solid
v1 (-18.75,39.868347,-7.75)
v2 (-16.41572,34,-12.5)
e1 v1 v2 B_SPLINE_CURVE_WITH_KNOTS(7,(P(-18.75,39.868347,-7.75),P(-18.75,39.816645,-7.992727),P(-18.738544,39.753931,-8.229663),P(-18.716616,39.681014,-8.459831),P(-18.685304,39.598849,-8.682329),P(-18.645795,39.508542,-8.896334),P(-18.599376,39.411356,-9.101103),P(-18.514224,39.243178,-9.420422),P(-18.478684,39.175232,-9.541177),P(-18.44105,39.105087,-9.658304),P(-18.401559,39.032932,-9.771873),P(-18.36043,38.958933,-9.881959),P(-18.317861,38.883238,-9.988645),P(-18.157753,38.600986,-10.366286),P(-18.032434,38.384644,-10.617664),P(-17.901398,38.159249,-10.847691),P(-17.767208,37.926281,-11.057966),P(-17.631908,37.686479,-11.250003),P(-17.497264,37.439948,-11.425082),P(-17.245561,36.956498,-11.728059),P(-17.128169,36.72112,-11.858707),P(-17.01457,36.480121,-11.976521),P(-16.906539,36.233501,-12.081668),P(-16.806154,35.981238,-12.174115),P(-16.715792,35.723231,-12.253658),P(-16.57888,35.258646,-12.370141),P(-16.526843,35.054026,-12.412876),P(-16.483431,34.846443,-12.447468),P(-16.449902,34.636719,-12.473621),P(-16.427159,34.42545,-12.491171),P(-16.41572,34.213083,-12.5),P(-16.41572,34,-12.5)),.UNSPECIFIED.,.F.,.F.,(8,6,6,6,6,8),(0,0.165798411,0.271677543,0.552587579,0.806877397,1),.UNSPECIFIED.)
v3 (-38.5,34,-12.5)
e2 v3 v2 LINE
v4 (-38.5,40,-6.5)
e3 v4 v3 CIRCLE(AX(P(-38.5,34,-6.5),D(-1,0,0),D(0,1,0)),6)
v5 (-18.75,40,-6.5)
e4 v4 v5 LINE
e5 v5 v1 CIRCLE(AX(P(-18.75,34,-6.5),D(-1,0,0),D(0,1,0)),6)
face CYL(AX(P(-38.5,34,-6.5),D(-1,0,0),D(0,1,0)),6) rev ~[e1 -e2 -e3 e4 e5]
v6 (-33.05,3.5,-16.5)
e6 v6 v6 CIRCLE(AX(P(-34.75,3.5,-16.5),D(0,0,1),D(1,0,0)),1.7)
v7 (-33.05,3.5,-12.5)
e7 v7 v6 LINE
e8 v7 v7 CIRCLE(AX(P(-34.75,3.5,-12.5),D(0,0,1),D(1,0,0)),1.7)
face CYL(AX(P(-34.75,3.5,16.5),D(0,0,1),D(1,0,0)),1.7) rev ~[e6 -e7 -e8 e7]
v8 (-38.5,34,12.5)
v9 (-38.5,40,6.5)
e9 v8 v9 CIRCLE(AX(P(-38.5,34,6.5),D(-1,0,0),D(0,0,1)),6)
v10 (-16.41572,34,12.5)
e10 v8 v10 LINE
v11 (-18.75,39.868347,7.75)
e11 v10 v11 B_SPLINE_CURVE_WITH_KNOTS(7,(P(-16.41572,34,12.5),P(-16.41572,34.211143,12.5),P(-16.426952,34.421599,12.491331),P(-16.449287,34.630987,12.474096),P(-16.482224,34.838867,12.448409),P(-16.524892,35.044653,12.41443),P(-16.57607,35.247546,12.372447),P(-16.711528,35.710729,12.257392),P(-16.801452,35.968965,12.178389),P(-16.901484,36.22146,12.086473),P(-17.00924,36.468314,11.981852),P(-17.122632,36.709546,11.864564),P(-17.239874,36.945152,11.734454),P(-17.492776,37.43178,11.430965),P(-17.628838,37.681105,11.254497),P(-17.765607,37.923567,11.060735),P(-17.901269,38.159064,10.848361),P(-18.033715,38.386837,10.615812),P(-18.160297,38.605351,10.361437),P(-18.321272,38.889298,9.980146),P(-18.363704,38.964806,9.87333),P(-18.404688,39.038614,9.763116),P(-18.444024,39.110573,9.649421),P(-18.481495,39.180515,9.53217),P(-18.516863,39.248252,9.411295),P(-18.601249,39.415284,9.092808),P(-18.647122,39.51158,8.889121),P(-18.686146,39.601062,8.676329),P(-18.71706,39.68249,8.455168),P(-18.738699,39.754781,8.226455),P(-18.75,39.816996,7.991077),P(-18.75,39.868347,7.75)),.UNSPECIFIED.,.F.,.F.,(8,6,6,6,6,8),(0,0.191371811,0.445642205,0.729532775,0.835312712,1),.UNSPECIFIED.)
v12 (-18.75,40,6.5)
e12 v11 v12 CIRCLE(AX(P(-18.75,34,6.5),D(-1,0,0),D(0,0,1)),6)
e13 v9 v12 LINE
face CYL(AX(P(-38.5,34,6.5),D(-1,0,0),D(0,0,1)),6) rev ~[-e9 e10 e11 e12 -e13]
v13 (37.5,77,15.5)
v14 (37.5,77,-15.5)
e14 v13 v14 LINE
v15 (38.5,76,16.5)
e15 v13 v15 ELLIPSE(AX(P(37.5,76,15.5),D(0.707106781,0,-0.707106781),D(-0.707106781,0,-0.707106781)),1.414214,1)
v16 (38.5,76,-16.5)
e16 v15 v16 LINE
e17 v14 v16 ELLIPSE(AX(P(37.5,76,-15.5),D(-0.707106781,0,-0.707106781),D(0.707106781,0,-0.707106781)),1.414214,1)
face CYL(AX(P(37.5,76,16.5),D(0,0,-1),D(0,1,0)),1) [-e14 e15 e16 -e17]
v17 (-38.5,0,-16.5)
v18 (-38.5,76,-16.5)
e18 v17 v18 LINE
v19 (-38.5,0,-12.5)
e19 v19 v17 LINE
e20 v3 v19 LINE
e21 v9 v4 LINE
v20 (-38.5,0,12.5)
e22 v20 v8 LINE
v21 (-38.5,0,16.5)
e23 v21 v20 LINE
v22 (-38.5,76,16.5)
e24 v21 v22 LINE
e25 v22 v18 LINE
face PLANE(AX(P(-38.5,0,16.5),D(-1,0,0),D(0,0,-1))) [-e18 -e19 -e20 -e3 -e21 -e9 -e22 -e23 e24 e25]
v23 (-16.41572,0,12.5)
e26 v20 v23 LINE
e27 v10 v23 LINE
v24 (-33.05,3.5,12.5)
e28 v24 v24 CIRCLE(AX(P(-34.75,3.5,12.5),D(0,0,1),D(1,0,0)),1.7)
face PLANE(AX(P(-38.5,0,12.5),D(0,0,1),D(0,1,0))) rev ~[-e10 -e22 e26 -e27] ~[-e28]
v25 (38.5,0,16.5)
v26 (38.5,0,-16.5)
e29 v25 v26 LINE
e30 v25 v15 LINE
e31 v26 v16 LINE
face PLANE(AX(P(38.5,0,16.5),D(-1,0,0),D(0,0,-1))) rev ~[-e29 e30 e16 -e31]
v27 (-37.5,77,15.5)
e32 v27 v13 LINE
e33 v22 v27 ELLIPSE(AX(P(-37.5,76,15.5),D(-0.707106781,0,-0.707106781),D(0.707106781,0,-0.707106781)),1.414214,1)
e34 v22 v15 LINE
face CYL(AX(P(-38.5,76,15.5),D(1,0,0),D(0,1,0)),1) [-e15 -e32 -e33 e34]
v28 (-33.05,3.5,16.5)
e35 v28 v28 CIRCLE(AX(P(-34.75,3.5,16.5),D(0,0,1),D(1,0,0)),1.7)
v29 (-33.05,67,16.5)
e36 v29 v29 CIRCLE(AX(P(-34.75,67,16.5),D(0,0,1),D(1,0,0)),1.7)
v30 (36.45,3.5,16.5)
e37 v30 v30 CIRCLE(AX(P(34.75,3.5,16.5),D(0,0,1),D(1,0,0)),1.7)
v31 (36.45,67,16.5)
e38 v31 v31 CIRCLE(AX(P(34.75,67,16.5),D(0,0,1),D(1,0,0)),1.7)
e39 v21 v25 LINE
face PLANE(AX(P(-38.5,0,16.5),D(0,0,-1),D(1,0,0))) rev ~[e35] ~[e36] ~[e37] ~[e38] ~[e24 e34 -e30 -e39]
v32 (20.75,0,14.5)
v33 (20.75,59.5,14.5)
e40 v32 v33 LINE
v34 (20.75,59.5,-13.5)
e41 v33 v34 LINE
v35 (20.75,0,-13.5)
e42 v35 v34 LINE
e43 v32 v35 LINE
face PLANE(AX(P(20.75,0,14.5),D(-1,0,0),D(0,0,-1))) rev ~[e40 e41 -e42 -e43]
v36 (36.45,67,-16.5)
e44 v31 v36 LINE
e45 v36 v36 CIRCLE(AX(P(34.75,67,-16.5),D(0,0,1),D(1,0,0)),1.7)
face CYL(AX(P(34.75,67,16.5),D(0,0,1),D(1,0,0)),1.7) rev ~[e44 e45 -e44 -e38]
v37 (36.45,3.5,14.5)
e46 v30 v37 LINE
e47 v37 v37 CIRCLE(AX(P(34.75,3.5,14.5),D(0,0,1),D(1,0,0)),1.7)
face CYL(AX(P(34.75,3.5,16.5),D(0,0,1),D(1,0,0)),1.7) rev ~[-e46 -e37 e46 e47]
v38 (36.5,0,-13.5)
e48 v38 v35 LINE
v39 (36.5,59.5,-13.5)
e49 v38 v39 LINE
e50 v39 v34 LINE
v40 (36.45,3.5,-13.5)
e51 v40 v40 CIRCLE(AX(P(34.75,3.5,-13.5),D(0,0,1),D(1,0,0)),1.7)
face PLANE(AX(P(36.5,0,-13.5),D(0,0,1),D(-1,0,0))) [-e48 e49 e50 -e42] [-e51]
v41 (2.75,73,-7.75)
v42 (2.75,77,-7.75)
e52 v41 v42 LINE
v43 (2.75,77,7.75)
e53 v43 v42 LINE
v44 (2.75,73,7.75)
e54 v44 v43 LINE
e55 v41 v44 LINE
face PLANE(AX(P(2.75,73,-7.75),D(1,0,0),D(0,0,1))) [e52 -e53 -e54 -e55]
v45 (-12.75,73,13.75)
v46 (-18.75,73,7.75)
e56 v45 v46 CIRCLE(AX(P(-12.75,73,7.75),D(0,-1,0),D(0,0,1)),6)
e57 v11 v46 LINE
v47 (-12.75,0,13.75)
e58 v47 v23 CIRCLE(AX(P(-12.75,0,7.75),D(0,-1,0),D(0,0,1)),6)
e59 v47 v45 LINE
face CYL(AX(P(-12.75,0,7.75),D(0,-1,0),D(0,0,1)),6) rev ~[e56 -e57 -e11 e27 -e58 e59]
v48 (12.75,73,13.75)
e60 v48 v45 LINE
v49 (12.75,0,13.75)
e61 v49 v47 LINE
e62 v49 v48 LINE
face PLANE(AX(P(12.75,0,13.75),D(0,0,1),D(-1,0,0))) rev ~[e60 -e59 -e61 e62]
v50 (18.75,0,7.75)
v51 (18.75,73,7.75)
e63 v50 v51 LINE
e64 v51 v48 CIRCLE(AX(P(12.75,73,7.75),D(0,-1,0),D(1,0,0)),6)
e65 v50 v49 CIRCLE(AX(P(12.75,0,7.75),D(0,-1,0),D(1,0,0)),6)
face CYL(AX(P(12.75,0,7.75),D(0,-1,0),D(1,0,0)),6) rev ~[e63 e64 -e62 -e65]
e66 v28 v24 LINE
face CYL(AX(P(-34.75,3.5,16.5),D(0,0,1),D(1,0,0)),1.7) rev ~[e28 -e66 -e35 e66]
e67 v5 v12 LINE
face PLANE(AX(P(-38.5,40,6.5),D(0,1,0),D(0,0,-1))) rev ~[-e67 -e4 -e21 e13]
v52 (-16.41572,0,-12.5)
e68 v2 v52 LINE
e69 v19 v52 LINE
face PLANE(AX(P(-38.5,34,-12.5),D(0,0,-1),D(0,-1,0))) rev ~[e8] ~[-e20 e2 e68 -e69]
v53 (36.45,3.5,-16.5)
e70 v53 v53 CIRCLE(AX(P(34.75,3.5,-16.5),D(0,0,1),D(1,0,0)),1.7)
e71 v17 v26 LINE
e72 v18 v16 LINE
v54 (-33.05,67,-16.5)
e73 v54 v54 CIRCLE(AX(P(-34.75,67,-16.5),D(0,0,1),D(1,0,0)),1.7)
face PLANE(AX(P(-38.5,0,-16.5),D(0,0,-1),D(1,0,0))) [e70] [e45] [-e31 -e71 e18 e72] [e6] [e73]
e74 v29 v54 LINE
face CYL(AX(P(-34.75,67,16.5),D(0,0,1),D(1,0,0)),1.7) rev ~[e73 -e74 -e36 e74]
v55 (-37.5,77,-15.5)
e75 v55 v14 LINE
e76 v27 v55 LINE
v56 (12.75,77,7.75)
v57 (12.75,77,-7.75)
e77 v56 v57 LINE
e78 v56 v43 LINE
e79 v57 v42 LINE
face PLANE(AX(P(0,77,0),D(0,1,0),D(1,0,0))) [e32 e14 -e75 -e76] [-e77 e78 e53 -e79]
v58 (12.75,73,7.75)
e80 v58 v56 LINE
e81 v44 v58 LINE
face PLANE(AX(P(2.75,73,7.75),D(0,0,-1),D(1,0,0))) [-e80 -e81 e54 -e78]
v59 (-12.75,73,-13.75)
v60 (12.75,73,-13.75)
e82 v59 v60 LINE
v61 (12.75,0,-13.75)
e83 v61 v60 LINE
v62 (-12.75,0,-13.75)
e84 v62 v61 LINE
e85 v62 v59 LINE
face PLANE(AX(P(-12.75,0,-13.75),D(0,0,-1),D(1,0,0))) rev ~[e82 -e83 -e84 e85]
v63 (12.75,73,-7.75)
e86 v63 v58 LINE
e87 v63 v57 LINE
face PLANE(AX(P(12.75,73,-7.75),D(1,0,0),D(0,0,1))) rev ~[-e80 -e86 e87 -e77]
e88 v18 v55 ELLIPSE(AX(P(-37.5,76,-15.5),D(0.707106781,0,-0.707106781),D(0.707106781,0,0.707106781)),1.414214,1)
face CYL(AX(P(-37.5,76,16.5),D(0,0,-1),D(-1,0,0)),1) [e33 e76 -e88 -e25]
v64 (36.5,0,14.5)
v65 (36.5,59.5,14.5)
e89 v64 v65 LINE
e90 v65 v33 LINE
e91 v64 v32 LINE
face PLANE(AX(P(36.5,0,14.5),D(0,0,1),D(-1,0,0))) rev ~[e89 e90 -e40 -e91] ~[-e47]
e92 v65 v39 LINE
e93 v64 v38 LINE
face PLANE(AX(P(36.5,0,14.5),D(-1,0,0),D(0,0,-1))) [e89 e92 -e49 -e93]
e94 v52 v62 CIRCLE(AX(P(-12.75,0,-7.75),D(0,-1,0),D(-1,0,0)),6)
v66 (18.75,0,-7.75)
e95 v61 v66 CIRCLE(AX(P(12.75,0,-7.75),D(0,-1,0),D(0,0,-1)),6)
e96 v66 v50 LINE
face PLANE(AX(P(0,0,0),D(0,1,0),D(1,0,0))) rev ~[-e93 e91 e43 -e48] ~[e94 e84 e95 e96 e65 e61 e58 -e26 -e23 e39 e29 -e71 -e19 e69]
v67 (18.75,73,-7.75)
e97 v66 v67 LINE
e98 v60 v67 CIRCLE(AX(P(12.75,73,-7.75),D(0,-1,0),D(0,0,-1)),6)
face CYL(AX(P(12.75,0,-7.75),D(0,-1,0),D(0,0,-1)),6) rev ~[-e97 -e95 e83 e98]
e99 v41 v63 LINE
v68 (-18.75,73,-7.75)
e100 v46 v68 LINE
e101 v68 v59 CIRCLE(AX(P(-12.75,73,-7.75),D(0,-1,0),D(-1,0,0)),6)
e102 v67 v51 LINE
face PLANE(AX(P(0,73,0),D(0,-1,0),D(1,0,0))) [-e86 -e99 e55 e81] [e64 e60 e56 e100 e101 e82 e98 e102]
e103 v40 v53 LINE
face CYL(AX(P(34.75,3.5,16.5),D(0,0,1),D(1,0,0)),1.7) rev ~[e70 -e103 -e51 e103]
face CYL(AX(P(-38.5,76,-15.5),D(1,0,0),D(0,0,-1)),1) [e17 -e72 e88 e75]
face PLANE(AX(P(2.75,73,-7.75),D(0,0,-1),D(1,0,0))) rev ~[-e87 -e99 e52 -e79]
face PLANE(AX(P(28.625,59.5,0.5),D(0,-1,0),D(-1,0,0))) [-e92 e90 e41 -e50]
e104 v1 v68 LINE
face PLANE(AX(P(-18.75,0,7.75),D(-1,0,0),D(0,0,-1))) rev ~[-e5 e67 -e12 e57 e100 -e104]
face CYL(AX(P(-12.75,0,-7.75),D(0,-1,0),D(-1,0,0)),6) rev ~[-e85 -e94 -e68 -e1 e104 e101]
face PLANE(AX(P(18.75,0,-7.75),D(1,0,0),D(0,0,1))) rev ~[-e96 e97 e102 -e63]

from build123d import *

# Parameters (mm, degrees)
SKETCH_1_W          = 77
SKETCH_1_H          = 33
EXTRUDE_1_DEPTH     = 77
CUT_EXTRUDE_1_DEPTH = 73
SKETCH_3_R          = 1.7
CUT_EXTRUDE_2_DEPTH = 93.196800378
CUT_EXTRUDE_3_REACH = 112.137
SKETCH_5_W          = 10
SKETCH_5_H          = 15.5
CUT_EXTRUDE_4_DEPTH = 85.163531427
SKETCH_6_W          = 15.75
SKETCH_6_H          = 28
CUT_EXTRUDE_5_DEPTH = 59.5
FILLET_1_R          = 1


with BuildPart() as part:
    # ｽｹｯﾁ1 → ﾎﾞｽ - 押し出し1 (new body)
    with BuildSketch(Plane(origin=(0, 0, 0), x_dir=(1, 0, 0), z_dir=(0, 1, 0))):
        Rectangle(SKETCH_1_W, SKETCH_1_H)
    extrude(amount=EXTRUDE_1_DEPTH)

    # ｽｹｯﾁ2 → ｶｯﾄ - 押し出し1 (cut)
    with BuildSketch(Plane.XZ):
        with BuildLine():
            Line((12.75, 13.75), (-12.75, 13.75))
            ThreePointArc((-12.75, 13.75), (-16.992640687, 11.992640687), (-18.75, 7.75))
            Line((-18.75, 7.75), (-18.75, -7.75))
            ThreePointArc((-18.75, -7.75), (-16.992640687, -11.992640687), (-12.75, -13.75))
            Line((-12.75, -13.75), (12.75, -13.75))
            ThreePointArc((12.75, -13.75), (16.992640687, -11.992640687), (18.75, -7.75))
            Line((18.75, -7.75), (18.75, 7.75))
            ThreePointArc((18.75, 7.75), (16.992640687, 11.992640687), (12.75, 13.75))
        make_face()
    extrude(amount=-CUT_EXTRUDE_1_DEPTH, mode=Mode.SUBTRACT)

    # ｽｹｯﾁ3 → ｶｯﾄ - 押し出し2 (cut, through all)
    with BuildSketch(Plane.XY.offset(16.5)):
        with Locations((34.75, 3.5)):
            Circle(SKETCH_3_R)
        with Locations((34.75, 67)):
            Circle(SKETCH_3_R)
        with Locations((-34.75, 67)):
            Circle(SKETCH_3_R)
        with Locations((-34.75, 3.5)):
            Circle(SKETCH_3_R)
    extrude(amount=-CUT_EXTRUDE_2_DEPTH, mode=Mode.SUBTRACT)

    # ｽｹｯﾁ4 → ｶｯﾄ - 押し出し3 (cut, up to next)
    with BuildSketch(Plane.ZY.offset(38.5), mode=Mode.PRIVATE) as cut_extrude_3_sk1:
        with BuildLine():
            Line((6.5, 40), (-6.5, 40))
            ThreePointArc((-6.5, 40), (-10.742640687, 38.242640687), (-12.5, 34))
            Line((-12.5, 34), (-12.5, 0))
            Line((-12.5, 0), (12.5, 0))
            Line((12.5, 0), (12.5, 34))
            ThreePointArc((12.5, 34), (10.742640687, 38.242640687), (6.5, 40))
        make_face()
    cut_extrude_3_tool1 = extrude(cut_extrude_3_sk1.sketch, amount=-CUT_EXTRUDE_3_REACH, mode=Mode.PRIVATE) & part.part
    add(cut_extrude_3_tool1.solids().sort_by_distance((-38.5, 19.707157, 0))[0], mode=Mode.SUBTRACT)

    # ｽｹｯﾁ5 → ｶｯﾄ - 押し出し4 (cut, through all)
    with BuildSketch(Plane.XZ.offset(-73)):
        with Locations((7.75, 0)):
            Rectangle(SKETCH_5_W, SKETCH_5_H)
    extrude(amount=-CUT_EXTRUDE_4_DEPTH, mode=Mode.SUBTRACT)

    # ｽｹｯﾁ6 → ｶｯﾄ - 押し出し5 (cut)
    with BuildSketch(Plane(origin=(0, 0, 0), x_dir=(-1, 0, 0), z_dir=(0, -1, 0))):
        with Locations((-28.625, -0.5)):
            Rectangle(SKETCH_6_W, SKETCH_6_H)
    extrude(amount=-CUT_EXTRUDE_5_DEPTH, mode=Mode.SUBTRACT)

    # ﾌｨﾚｯﾄ1
    fillet_1_edges = [part.edges().sort_by_distance(p)[0] for p in [
        (38.5, 77, 0),
        (0, 77, -16.5),
        (-38.5, 77, 0),
        (0, 77, 16.5),
    ]]
    fillet(fillet_1_edges, radius=FILLET_1_R)


solid = part.part
